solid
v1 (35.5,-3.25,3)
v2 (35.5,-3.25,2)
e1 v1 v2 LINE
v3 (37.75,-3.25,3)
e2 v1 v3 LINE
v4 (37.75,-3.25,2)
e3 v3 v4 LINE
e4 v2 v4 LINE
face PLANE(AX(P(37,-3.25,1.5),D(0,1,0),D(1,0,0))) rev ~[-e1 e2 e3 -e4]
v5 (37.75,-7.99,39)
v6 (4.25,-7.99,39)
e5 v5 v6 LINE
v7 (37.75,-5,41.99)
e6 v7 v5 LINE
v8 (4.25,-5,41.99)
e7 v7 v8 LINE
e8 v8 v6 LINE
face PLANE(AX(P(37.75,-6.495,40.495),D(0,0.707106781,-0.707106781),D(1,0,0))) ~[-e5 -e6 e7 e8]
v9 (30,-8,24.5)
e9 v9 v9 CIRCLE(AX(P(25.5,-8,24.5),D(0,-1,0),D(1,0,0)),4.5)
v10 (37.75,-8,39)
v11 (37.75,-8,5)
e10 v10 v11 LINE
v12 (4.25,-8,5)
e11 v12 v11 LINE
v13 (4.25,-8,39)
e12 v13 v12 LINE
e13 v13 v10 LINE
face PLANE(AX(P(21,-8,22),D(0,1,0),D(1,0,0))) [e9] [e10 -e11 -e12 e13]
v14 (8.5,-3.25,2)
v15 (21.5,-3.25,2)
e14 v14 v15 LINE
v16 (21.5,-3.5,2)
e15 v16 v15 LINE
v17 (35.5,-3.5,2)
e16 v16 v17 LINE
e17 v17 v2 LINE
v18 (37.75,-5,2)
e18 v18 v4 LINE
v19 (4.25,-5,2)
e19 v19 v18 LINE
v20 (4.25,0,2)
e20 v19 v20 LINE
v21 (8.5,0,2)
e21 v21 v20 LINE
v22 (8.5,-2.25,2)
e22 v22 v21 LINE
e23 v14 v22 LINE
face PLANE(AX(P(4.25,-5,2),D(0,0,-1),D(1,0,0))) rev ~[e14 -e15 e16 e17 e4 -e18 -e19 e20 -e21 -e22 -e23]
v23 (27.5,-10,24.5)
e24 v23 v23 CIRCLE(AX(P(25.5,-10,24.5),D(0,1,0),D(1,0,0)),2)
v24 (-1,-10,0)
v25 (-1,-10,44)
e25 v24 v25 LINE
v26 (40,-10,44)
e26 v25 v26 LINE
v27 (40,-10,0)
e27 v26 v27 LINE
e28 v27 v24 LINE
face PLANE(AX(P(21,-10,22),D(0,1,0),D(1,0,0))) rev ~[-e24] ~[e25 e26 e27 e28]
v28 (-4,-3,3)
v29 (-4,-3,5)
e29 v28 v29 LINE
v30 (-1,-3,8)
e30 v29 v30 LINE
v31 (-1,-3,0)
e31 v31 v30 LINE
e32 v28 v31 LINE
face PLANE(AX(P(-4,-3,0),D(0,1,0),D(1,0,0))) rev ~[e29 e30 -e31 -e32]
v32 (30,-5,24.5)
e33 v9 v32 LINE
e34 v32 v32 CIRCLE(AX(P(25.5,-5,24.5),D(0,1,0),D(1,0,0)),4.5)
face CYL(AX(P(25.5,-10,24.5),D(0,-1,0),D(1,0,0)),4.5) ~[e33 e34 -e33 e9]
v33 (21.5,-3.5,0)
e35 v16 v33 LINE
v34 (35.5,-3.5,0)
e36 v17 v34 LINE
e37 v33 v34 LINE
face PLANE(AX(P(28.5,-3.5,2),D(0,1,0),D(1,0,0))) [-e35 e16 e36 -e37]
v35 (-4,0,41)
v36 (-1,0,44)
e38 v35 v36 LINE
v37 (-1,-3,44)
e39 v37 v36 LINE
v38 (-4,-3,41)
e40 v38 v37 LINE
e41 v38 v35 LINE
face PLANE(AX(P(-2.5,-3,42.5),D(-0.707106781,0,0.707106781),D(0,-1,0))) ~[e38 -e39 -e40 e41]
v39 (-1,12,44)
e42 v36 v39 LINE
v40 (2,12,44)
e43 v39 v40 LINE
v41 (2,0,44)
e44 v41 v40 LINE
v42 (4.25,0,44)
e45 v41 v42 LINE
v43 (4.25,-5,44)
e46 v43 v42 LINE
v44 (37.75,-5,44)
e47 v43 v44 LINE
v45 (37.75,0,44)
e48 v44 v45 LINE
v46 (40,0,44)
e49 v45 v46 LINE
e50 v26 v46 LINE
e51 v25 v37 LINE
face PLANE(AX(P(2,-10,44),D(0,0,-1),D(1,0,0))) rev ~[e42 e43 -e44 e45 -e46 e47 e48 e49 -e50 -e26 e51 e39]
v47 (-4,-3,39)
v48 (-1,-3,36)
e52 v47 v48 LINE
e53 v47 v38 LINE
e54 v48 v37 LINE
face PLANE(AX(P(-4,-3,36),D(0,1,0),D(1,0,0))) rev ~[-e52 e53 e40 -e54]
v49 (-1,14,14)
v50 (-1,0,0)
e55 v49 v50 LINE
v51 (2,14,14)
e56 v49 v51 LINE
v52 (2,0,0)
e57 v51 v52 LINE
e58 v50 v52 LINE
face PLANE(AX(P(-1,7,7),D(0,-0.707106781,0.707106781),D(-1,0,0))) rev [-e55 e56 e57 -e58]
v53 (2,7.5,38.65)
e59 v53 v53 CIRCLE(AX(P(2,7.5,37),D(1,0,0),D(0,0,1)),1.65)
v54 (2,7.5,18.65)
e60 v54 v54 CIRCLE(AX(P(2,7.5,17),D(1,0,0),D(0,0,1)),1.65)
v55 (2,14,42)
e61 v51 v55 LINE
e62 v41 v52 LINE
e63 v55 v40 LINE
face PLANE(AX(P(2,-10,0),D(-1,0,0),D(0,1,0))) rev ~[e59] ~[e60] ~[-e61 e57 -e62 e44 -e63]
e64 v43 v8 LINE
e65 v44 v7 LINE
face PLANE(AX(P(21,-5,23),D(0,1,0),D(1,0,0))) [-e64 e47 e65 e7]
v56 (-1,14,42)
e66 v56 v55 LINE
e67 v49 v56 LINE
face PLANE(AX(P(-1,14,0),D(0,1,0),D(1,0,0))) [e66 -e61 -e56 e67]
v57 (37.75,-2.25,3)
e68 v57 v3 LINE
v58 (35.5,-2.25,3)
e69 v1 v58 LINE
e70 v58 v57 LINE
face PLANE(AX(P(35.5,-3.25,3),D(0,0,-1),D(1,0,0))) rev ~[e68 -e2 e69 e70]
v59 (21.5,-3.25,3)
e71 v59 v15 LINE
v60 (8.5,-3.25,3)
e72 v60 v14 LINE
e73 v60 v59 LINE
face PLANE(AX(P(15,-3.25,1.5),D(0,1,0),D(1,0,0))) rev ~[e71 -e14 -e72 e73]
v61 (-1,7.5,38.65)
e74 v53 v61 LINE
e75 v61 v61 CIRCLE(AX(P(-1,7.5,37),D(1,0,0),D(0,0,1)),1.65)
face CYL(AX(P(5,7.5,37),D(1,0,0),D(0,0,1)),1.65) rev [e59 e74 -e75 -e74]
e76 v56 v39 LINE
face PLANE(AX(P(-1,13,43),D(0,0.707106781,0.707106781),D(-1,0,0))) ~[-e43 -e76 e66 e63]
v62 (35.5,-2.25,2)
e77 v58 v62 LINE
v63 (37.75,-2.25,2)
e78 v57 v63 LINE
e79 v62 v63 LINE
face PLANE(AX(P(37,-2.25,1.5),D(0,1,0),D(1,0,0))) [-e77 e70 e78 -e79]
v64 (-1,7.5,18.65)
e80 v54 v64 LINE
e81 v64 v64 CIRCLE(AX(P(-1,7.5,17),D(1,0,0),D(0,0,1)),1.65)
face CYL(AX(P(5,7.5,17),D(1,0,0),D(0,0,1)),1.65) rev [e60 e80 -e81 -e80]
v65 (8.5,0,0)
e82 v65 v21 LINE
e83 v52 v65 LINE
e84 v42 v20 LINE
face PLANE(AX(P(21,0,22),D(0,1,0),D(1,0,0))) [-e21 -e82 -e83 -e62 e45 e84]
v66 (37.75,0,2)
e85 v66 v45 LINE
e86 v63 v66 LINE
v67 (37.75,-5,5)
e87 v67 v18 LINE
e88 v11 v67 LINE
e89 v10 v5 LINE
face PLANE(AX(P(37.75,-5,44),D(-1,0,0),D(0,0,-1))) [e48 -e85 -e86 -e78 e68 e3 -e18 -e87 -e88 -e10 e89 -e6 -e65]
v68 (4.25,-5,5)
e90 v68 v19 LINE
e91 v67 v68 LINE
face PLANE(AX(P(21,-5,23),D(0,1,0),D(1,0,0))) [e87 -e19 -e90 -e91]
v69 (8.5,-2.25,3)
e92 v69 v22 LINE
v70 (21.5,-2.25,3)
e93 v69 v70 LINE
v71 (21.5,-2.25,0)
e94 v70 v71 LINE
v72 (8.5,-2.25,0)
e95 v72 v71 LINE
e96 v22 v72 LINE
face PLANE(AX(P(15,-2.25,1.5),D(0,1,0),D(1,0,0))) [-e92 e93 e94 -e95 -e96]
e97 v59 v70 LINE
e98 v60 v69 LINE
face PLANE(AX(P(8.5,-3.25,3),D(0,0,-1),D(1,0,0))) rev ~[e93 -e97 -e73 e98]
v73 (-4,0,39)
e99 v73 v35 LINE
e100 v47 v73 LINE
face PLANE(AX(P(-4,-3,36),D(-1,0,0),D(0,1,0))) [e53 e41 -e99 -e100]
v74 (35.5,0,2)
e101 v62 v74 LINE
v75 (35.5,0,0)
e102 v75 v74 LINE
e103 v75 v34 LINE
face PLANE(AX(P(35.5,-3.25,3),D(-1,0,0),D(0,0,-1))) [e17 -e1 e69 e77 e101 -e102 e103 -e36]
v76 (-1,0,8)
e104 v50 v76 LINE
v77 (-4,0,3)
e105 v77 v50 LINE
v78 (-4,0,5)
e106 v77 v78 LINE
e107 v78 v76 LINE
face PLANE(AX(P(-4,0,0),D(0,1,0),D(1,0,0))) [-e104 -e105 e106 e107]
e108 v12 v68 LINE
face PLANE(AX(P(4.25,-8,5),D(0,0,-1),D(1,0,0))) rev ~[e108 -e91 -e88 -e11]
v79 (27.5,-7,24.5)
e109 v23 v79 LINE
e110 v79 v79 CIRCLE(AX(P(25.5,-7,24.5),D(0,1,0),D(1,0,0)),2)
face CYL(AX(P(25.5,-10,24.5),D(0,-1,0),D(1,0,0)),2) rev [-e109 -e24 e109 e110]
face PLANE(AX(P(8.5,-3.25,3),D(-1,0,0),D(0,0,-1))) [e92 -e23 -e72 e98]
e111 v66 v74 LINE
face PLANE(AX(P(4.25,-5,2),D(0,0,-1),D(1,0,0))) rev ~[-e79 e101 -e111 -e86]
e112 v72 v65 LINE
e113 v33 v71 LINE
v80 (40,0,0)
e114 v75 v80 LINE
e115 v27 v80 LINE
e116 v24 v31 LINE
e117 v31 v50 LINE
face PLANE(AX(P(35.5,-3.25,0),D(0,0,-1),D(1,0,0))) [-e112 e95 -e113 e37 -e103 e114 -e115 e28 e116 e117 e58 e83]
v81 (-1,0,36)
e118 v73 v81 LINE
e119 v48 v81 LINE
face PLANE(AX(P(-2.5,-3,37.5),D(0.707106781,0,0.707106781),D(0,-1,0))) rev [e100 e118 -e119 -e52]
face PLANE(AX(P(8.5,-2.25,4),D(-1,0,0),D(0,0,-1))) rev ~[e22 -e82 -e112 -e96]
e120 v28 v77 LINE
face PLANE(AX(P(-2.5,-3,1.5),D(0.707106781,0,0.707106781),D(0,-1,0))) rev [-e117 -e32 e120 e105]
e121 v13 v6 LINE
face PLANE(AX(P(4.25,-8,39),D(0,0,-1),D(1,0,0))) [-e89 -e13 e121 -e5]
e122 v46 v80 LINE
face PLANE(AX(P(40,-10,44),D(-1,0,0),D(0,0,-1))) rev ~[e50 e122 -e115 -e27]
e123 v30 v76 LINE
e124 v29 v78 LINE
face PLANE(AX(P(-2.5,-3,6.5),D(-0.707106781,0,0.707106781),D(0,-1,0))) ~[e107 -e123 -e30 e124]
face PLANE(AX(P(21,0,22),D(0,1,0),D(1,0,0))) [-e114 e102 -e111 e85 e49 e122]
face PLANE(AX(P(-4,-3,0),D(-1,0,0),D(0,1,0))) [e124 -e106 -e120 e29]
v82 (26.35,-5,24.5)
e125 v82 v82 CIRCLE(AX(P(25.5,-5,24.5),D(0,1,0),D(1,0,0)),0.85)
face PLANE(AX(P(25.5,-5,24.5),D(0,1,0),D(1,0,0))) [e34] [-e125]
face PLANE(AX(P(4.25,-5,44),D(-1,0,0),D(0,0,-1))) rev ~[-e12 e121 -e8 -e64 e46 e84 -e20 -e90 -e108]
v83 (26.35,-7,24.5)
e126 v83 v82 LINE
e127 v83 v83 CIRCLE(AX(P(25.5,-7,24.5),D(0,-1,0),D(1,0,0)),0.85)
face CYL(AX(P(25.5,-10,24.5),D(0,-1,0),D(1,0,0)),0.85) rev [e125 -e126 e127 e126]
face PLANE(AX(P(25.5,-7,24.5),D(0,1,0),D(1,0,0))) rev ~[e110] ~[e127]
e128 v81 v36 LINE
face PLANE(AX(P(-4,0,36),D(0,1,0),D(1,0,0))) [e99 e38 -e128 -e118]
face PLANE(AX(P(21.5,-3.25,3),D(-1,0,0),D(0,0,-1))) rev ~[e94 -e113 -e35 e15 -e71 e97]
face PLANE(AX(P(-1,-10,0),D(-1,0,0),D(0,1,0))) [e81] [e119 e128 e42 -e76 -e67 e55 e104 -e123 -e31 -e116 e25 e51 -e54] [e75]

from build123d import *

# Parameters (mm, degrees)
CYLINDER004_R          = 1.65
CYLINDER004_DEPTH      = 10
CYLINDER003_R          = 1.65
CYLINDER003_DEPTH      = 10
BOX007_W               = 3
BOX007_H               = 24
BOX007_DEPTH           = 44
CHAMFER003_SIZE        = 14
CHAMFER004_SIZE        = 2
CYLINDER_R             = 2
CYLINDER_DEPTH         = 3
CYLINDER002_R          = 0.85
CYLINDER002_DEPTH      = 5
BOX003_W               = 14
BOX003_H               = 10
BOX003_DEPTH           = 10
BOX005_W               = 13
BOX005_H               = 10
BOX005_DEPTH           = 10
BOX002_W               = 33.5
BOX002_H               = 34
BOX002_DEPTH           = 10
BOX_W                  = 33.5
BOX_H                  = 42
BOX_DEPTH              = 10
BOX001_W               = 38
BOX001_H               = 44
BOX001_DEPTH           = 10
CHAMFER_SIZE           = 2.99
BOX004_W               = 13
BOX004_H               = 3
BOX004_DEPTH           = 1
BOX006_W               = 3
BOX006_H               = 3
BOX006_DEPTH           = 1
CYLINDER001_R          = 4.5
CYLINDER001_DEPTH      = 5
CUT005_PLACEMENT_ANGLE = 90
BOX008_W               = 4
BOX008_H               = 3
BOX008_DEPTH           = 8
CHAMFER002_SIZE        = 3
BOX009_W               = 4
BOX009_H               = 3
BOX009_DEPTH           = 8
CHAMFER001_SIZE        = 3


with BuildPart() as cylinder004:
    # Cylinder004 → Cylinder004 (new body)
    with BuildSketch(Plane(origin=(0, 12.5, 37), x_dir=(0, 0, 1), z_dir=(-1, 0, 0))):
        Circle(CYLINDER004_R)
    extrude(amount=CYLINDER004_DEPTH)


with BuildPart() as fusion003:
    # Cylinder003 → Cylinder003 (new body)
    with BuildSketch(Plane(origin=(0, 12.5, 17), x_dir=(0, 0, 1), z_dir=(-1, 0, 0))):
        Circle(CYLINDER003_R)
    extrude(amount=CYLINDER003_DEPTH)

    # Fusion003: union Cylinder004
    add(cylinder004.part)


with BuildPart() as fusion003_1:
    # Fusion003 placement: moved
    add(fusion003.part.moved(Location((5, -5, 0))))


with BuildPart() as cut006:
    # Box007 → Box007 (new body)
    with BuildSketch(Plane(origin=(-1, -10, 0), x_dir=(1, 0, 0), z_dir=(0, 0, 1))):
        with Locations((1.5, 12)):
            Rectangle(BOX007_W, BOX007_H)
    extrude(amount=BOX007_DEPTH)

    # Chamfer003
    chamfer003_edges = [cut006.edges().sort_by_distance(p)[0] for p in [
        (0.5, 14, 0),
    ]]
    chamfer(chamfer003_edges, length=CHAMFER003_SIZE)

    # Chamfer004
    chamfer004_edges = [cut006.edges().sort_by_distance(p)[0] for p in [
        (0.5, 14, 44),
    ]]
    chamfer(chamfer004_edges, length=CHAMFER004_SIZE)

    # Cut006: cut Fusion003
    add(fusion003_1.part, mode=Mode.SUBTRACT)


with BuildPart() as cylinder:
    # Cylinder → Cylinder (new body)
    with BuildSketch(Plane(origin=(4.5, 19.5, 0), x_dir=(1, 0, 0), z_dir=(0, 0, 1))):
        Circle(CYLINDER_R)
    extrude(amount=CYLINDER_DEPTH)


with BuildPart() as cylinder002:
    # Cylinder002 → Cylinder002 (new body)
    with BuildSketch(Plane(origin=(4.5, 19.5, 0), x_dir=(1, 0, 0), z_dir=(0, 0, 1))):
        Circle(CYLINDER002_R)
    extrude(amount=CYLINDER002_DEPTH)


with BuildPart() as cube003:
    # Box003 → Box003 (new body)
    with BuildSketch(Plane(origin=(0.5, 37, 6.5), x_dir=(1, 0, 0), z_dir=(0, 0, 1))):
        with Locations((7, 5)):
            Rectangle(BOX003_W, BOX003_H)
    extrude(amount=BOX003_DEPTH)


with BuildPart() as cube005:
    # Box005 → Box005 (new body)
    with BuildSketch(Plane(origin=(-12.5, 40, 7.75), x_dir=(1, 0, 0), z_dir=(0, 0, 1))):
        with Locations((6.5, 5)):
            Rectangle(BOX005_W, BOX005_H)
    extrude(amount=BOX005_DEPTH)


with BuildPart() as cube002:
    # Box002 → Box002 (new body)
    with BuildSketch(Plane(origin=(-16.75, 5, 2), x_dir=(1, 0, 0), z_dir=(0, 0, 1))):
        with Locations((16.75, 17)):
            Rectangle(BOX002_W, BOX002_H)
    extrude(amount=BOX002_DEPTH)


with BuildPart() as cube:
    # Box → Box (new body)
    with BuildSketch(Plane(origin=(-16.75, 0, 5), x_dir=(1, 0, 0), z_dir=(0, 0, 1))):
        with Locations((16.75, 21)):
            Rectangle(BOX_W, BOX_H)
    extrude(amount=BOX_DEPTH)


with BuildPart() as chamfer_body:
    # Box001 → Box001 (new body)
    with BuildSketch(Plane(origin=(-19, 0, 0), x_dir=(1, 0, 0), z_dir=(0, 0, 1))):
        with Locations((19, 22)):
            Rectangle(BOX001_W, BOX001_H)
    extrude(amount=BOX001_DEPTH)

    # Cut: cut Cube
    add(cube.part, mode=Mode.SUBTRACT)

    # Cut001: cut Cube002
    add(cube002.part, mode=Mode.SUBTRACT)

    # Cut002: cut Cube005
    add(cube005.part, mode=Mode.SUBTRACT)

    # Cut003: cut Cube003
    add(cube003.part, mode=Mode.SUBTRACT)

    # Chamfer
    chamfer_edges = [chamfer_body.edges().sort_by_distance(p)[0] for p in [
        (0, 5, 5),
    ]]
    chamfer(chamfer_edges, length=CHAMFER_SIZE)


with BuildPart() as cube004:
    # Box004 → Box004 (new body)
    with BuildSketch(Plane(origin=(-12.5, 41, 6.75), x_dir=(1, 0, 0), z_dir=(0, 0, 1))):
        with Locations((6.5, 1.5)):
            Rectangle(BOX004_W, BOX004_H)
    extrude(amount=BOX004_DEPTH)


with BuildPart() as cube006:
    # Box006 → Box006 (new body)
    with BuildSketch(Plane(origin=(14.5, 41, 6.75), x_dir=(1, 0, 0), z_dir=(0, 0, 1))):
        with Locations((1.5, 1.5)):
            Rectangle(BOX006_W, BOX006_H)
    extrude(amount=BOX006_DEPTH)


with BuildPart() as cut005:
    # Cylinder001 → Cylinder001 (new body)
    with BuildSketch(Plane(origin=(4.5, 19.5, 0), x_dir=(1, 0, 0), z_dir=(0, 0, 1))):
        Circle(CYLINDER001_R)
    extrude(amount=CYLINDER001_DEPTH)

    # Fusion: union Chamfer body, Cube004, Cube006
    add(chamfer_body.part)
    add(cube004.part)
    add(cube006.part)

    # Cut004: cut Cylinder002
    add(cylinder002.part, mode=Mode.SUBTRACT)

    # Cut005: cut Cylinder
    add(cylinder.part, mode=Mode.SUBTRACT)


with BuildPart() as cut005_1:
    # Cut005 placement: moved
    add(cut005.part.moved(Location((21, -10, 44))).rotate(Axis((21, -10, 44), (-1, 0, 0)), CUT005_PLACEMENT_ANGLE))


with BuildPart() as chamfer002:
    # Box008 → Box008 (new body)
    with BuildSketch(Plane(origin=(-6, -2, -7), x_dir=(1, 0, 0), z_dir=(0, 0, 1))):
        with Locations((2, 1.5)):
            Rectangle(BOX008_W, BOX008_H)
    extrude(amount=BOX008_DEPTH)

    # Chamfer002
    chamfer002_edges = [chamfer002.edges().sort_by_distance(p)[0] for p in [
        (-6, -0.5, 1),
        (-6, -0.5, -7),
    ]]
    chamfer(chamfer002_edges, length=CHAMFER002_SIZE)


with BuildPart() as chamfer002_1:
    # Chamfer002 placement: moved
    add(chamfer002.part.moved(Location((2, 4, 7))))


with BuildPart() as fusion004:
    # Box009 → Box009 (new body)
    with BuildSketch(Plane(origin=(-6, -2, 44), x_dir=(1, 0, 0), z_dir=(0, 0, 1))):
        with Locations((2, 1.5)):
            Rectangle(BOX009_W, BOX009_H)
    extrude(amount=BOX009_DEPTH)

    # Chamfer001
    chamfer001_edges = [fusion004.edges().sort_by_distance(p)[0] for p in [
        (-6, -0.5, 52),
        (-6, -0.5, 44),
    ]]
    chamfer(chamfer001_edges, length=CHAMFER001_SIZE)


with BuildPart() as fusion004_1:
    # Chamfer001 placement: moved
    add(fusion004.part.moved(Location((2, 4, -8))))

    # Fusion002: union Chamfer002
    add(chamfer002_1.part)


with BuildPart() as fusion004_2:
    # Fusion002 placement: moved
    add(fusion004_1.part.moved(Location((0, -5, 0))))

    # Fusion004: union Cut006, Cut005
    add(cut006.part)
    add(cut005_1.part)


solid = fusion004_2.part
